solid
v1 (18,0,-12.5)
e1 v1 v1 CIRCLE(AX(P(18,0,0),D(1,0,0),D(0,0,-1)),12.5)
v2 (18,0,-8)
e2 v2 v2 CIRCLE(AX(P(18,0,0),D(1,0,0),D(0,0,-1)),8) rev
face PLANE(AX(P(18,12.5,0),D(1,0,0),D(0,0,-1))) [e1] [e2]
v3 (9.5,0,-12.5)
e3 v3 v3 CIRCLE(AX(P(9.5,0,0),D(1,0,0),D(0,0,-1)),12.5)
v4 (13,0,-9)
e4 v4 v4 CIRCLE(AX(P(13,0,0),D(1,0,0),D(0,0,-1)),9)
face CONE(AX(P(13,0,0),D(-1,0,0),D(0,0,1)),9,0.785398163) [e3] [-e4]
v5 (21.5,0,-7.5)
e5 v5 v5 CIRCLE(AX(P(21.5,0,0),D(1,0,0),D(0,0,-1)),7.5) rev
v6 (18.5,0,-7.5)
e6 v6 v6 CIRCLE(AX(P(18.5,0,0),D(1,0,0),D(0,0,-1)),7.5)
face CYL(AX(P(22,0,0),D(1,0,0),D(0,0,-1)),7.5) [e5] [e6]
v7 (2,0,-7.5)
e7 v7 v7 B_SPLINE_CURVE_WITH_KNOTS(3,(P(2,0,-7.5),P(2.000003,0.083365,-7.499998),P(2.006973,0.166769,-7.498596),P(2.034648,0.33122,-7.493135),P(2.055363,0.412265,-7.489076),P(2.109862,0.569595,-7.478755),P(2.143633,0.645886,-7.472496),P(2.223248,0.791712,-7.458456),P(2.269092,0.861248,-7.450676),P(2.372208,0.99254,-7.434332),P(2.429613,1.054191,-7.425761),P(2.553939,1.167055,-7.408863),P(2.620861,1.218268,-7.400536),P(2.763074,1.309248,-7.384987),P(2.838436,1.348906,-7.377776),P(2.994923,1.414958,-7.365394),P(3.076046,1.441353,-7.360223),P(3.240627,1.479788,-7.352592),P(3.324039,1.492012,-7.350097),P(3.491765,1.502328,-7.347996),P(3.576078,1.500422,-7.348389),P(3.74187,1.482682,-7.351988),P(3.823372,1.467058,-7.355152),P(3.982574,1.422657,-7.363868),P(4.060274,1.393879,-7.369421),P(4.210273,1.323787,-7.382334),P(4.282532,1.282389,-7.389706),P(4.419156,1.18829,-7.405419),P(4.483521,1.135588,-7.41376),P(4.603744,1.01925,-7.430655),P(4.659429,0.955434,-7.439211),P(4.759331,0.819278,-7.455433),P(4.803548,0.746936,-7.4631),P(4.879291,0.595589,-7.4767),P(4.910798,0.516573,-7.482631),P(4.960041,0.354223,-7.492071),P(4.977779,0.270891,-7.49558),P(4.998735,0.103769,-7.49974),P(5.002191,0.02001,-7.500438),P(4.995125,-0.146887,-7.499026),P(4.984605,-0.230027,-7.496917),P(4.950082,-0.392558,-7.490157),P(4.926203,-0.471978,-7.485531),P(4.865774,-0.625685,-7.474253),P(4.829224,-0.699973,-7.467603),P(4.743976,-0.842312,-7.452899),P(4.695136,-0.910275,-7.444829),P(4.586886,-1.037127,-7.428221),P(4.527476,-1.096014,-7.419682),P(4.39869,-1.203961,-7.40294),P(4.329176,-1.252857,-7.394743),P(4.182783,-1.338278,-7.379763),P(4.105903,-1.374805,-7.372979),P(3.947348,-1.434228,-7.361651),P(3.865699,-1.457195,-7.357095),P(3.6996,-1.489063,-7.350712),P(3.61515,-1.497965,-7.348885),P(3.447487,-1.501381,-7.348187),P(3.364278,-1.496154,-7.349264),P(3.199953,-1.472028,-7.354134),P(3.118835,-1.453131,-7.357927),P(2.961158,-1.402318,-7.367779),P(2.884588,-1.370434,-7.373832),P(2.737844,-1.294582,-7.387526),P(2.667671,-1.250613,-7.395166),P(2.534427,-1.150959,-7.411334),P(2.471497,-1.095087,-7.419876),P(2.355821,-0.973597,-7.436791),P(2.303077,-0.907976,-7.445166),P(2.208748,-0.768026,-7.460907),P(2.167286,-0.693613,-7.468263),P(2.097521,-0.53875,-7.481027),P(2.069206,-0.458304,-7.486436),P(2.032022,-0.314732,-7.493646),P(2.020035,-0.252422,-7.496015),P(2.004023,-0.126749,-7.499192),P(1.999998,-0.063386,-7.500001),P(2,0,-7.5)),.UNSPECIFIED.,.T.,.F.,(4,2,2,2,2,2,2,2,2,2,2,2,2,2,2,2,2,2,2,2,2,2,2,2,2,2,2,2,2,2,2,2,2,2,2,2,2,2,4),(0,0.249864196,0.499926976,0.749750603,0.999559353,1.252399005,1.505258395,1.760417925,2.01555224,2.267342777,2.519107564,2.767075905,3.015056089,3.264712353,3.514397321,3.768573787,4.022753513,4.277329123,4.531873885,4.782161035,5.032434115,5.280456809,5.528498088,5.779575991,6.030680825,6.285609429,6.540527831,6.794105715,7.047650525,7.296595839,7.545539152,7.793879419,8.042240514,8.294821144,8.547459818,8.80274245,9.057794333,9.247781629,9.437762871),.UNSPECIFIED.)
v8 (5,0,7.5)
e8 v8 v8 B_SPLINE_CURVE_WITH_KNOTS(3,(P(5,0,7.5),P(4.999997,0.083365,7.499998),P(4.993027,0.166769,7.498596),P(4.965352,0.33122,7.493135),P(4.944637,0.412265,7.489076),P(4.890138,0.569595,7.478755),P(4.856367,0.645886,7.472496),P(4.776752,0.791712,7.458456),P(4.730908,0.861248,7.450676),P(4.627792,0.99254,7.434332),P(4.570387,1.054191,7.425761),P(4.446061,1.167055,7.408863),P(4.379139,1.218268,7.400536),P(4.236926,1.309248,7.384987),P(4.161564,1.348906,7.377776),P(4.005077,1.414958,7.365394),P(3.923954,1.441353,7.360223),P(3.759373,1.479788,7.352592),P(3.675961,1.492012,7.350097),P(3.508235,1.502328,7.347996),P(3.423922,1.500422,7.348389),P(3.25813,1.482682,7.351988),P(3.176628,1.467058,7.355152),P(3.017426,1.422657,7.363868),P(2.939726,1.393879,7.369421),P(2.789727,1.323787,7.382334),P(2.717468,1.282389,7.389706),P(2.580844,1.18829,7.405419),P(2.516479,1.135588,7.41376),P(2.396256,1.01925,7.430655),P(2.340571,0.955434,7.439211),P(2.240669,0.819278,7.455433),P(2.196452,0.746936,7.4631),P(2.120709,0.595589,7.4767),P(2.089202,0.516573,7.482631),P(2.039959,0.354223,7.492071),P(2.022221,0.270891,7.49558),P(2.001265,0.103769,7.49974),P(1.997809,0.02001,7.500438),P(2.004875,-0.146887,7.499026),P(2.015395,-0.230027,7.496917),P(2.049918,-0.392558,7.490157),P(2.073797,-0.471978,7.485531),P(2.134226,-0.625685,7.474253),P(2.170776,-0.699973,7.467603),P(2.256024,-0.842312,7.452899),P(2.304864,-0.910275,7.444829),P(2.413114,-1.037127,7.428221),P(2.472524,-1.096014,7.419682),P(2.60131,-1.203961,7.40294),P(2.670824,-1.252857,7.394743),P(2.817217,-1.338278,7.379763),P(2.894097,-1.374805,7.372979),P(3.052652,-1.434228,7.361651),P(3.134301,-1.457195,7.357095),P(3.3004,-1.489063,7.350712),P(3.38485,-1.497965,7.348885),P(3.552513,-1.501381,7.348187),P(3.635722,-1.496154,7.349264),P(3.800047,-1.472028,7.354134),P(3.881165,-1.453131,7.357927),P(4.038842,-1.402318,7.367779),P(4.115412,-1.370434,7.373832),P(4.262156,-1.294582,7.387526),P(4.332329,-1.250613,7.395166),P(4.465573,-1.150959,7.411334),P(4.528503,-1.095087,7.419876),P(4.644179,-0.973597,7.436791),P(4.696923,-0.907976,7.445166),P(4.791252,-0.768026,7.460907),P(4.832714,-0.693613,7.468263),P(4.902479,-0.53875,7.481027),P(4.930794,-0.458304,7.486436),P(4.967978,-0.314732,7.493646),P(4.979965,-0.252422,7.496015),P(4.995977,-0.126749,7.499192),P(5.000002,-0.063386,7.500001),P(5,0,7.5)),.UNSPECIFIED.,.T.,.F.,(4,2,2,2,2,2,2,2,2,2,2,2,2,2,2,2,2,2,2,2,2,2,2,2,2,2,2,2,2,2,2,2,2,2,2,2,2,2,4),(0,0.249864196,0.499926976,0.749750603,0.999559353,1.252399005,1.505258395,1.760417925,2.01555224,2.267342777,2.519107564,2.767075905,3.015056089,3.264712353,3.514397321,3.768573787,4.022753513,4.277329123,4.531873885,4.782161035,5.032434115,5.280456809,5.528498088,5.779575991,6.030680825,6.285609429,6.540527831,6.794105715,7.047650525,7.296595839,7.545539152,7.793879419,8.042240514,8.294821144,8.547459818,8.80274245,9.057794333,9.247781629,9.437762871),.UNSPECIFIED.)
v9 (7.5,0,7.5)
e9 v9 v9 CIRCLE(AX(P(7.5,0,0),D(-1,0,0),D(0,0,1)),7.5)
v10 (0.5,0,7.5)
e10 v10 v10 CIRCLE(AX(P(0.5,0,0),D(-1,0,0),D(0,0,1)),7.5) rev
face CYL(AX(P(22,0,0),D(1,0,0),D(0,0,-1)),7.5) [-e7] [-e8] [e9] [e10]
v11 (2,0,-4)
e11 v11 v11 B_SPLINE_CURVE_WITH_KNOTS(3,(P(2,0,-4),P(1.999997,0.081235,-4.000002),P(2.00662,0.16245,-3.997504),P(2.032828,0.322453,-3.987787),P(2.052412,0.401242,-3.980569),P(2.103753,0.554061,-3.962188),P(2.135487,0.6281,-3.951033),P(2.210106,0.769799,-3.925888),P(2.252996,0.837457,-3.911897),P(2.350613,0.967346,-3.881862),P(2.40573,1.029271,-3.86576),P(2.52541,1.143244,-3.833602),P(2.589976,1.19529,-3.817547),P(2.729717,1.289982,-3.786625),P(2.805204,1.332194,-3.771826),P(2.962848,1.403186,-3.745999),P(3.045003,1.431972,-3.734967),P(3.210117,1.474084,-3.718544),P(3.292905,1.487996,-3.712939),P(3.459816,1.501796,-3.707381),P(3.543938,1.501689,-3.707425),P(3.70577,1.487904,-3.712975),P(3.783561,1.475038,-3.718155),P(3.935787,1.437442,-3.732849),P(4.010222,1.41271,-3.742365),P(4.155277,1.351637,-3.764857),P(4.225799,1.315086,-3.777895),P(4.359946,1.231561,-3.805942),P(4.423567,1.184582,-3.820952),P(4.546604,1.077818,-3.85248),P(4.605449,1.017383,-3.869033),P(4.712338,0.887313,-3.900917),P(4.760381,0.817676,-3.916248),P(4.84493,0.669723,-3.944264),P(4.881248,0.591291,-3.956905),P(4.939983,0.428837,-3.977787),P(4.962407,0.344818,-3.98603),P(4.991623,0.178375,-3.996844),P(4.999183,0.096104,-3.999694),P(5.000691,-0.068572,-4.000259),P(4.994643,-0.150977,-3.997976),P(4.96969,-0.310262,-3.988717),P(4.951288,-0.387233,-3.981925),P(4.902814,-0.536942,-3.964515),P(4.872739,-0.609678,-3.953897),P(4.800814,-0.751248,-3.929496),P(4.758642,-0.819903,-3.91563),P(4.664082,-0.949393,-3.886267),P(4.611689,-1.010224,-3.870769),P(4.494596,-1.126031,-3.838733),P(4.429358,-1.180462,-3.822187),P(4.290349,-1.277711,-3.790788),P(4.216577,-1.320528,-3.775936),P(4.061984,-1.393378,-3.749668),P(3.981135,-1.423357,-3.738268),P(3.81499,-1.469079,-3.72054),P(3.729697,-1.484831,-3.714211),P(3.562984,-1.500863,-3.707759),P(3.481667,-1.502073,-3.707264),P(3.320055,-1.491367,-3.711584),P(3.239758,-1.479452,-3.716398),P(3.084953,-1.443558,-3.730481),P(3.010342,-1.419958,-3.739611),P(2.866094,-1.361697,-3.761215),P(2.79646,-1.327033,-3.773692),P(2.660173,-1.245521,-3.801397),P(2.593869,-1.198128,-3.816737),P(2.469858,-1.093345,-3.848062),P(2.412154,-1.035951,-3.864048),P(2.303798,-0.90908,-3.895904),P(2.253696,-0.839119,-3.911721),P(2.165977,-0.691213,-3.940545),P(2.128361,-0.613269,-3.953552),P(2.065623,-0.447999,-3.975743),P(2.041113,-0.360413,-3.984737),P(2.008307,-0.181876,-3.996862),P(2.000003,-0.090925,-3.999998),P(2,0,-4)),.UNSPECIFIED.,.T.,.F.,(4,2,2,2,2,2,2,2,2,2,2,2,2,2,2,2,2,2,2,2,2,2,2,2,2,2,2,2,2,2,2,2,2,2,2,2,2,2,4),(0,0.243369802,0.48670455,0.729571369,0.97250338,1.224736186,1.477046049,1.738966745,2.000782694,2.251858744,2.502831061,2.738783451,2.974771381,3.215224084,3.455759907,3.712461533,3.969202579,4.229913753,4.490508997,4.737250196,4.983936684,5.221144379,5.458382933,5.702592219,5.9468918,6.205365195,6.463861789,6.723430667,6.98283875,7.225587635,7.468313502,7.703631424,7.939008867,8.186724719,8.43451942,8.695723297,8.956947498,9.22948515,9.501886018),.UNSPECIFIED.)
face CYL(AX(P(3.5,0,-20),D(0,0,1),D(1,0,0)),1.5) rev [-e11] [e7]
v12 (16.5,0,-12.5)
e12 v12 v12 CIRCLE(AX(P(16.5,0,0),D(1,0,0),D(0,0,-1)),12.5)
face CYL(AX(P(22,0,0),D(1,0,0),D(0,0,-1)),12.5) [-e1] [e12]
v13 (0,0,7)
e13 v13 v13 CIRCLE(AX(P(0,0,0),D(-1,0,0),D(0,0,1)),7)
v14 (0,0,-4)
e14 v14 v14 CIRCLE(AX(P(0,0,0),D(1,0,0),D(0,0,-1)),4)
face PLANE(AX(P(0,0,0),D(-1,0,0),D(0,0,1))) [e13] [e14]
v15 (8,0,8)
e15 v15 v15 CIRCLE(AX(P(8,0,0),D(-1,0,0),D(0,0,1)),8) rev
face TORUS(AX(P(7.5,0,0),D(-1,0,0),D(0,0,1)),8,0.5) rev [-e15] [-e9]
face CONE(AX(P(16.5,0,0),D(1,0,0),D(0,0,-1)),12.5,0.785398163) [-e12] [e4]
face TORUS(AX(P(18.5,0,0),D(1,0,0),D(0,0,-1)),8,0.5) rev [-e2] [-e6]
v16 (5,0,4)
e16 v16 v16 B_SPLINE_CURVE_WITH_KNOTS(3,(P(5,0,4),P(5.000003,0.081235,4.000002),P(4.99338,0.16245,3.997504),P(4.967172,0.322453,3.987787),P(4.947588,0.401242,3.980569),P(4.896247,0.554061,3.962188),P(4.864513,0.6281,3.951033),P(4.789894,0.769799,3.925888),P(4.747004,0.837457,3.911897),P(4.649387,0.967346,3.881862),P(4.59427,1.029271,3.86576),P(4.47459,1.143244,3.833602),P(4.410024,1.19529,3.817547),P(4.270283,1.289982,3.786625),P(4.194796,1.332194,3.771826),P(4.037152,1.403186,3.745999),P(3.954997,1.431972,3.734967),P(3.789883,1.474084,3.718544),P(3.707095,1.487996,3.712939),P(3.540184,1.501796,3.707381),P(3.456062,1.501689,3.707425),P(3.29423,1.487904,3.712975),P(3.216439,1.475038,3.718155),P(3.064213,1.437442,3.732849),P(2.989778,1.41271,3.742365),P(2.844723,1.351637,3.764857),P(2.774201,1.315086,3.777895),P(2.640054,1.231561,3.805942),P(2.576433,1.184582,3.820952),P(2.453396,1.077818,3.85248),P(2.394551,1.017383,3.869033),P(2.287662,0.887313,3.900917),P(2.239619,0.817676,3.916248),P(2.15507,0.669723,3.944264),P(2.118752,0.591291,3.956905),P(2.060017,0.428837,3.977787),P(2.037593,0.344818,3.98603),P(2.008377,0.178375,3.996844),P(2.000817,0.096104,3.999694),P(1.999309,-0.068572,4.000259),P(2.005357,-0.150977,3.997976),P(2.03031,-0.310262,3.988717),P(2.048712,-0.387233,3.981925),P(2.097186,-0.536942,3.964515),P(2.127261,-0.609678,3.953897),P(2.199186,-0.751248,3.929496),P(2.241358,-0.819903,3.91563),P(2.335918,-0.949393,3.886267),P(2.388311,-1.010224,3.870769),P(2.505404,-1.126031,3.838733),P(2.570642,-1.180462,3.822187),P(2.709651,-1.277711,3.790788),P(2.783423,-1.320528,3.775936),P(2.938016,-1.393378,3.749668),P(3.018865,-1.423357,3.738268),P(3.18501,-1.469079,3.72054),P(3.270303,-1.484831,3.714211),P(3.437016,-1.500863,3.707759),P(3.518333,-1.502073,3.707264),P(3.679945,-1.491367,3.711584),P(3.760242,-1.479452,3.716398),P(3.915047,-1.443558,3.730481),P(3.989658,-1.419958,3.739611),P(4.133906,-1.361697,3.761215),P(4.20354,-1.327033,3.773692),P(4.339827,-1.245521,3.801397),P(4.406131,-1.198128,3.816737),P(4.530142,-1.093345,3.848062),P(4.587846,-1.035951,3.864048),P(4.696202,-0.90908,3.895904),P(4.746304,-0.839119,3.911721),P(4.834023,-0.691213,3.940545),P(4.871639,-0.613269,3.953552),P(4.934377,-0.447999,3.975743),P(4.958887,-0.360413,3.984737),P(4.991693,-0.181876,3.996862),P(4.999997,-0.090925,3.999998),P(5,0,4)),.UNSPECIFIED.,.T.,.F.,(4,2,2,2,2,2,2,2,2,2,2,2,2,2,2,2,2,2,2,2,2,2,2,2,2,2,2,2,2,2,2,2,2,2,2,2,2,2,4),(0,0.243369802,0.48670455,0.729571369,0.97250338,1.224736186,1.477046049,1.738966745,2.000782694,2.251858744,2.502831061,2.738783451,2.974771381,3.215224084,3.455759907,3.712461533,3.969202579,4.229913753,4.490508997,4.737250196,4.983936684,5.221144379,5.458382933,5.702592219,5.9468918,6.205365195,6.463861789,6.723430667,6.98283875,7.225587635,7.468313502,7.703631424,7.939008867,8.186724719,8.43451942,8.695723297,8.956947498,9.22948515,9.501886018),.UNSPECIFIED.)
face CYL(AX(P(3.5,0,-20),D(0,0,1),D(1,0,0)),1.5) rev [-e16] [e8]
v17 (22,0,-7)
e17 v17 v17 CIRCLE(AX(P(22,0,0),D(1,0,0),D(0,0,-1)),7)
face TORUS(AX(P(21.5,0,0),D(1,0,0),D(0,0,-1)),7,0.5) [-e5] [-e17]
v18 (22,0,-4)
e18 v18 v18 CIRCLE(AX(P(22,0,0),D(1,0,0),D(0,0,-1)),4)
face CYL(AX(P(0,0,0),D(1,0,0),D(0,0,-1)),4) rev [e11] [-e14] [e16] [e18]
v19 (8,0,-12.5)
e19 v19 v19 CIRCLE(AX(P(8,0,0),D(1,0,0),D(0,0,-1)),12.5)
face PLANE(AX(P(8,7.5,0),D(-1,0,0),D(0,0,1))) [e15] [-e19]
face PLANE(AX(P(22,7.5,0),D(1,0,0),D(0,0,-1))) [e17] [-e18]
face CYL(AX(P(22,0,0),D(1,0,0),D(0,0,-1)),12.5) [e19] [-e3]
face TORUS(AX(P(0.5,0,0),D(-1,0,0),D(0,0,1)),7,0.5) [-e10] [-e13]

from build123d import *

# Parameters (mm, degrees)
SKETCH2_R          = 4
CUT_EXTRUDE1_DEPTH = 29.222331583
SKETCH3_R          = 1.5
CUT_EXTRUDE2_DEPTH = 20
FILLET1_R          = 0.5


with BuildPart() as part:
    # Sketch1 → Revolve1 (revolve)
    with BuildSketch(Plane.XY, mode=Mode.PRIVATE) as revolve1_sk:
        Polygon((0, 0), (0, 7.5), (8, 7.5), (8, 12.5), (9.5, 12.5), (13, 9), (16.5, 12.5), (18, 12.5), (18, 7.5), (22, 7.5), (22, 0), align=None)
    revolve(revolve1_sk.sketch.rotate(Axis((22, 0, 0), (-1, 0, 0)), 90), axis=Axis((22, 0, 0), (-1, 0, 0)))

    # Sketch2 → Cut-Extrude1 (cut, through all)
    with BuildSketch(Plane(origin=(22, 0, 0), x_dir=(0, 0, -1), z_dir=(1, 0, 0))):
        Circle(SKETCH2_R)
    extrude(amount=-CUT_EXTRUDE1_DEPTH, mode=Mode.SUBTRACT)

    # Sketch3 → Cut-Extrude2 (cut, symmetric)
    with BuildSketch(Plane.XY):
        with Locations((3.5, 0)):
            Circle(SKETCH3_R)
    extrude(amount=CUT_EXTRUDE2_DEPTH, both=True, mode=Mode.SUBTRACT)

    # Fillet1
    fillet1_edges = [part.edges().sort_by_distance(p)[0] for p in [
        (8, 0, 7.5),
        (0, 0, 7.5),
        (22, 0, 7.5),
        (18, 0, 7.5),
    ]]
    fillet(fillet1_edges, radius=FILLET1_R)


solid = part.part
